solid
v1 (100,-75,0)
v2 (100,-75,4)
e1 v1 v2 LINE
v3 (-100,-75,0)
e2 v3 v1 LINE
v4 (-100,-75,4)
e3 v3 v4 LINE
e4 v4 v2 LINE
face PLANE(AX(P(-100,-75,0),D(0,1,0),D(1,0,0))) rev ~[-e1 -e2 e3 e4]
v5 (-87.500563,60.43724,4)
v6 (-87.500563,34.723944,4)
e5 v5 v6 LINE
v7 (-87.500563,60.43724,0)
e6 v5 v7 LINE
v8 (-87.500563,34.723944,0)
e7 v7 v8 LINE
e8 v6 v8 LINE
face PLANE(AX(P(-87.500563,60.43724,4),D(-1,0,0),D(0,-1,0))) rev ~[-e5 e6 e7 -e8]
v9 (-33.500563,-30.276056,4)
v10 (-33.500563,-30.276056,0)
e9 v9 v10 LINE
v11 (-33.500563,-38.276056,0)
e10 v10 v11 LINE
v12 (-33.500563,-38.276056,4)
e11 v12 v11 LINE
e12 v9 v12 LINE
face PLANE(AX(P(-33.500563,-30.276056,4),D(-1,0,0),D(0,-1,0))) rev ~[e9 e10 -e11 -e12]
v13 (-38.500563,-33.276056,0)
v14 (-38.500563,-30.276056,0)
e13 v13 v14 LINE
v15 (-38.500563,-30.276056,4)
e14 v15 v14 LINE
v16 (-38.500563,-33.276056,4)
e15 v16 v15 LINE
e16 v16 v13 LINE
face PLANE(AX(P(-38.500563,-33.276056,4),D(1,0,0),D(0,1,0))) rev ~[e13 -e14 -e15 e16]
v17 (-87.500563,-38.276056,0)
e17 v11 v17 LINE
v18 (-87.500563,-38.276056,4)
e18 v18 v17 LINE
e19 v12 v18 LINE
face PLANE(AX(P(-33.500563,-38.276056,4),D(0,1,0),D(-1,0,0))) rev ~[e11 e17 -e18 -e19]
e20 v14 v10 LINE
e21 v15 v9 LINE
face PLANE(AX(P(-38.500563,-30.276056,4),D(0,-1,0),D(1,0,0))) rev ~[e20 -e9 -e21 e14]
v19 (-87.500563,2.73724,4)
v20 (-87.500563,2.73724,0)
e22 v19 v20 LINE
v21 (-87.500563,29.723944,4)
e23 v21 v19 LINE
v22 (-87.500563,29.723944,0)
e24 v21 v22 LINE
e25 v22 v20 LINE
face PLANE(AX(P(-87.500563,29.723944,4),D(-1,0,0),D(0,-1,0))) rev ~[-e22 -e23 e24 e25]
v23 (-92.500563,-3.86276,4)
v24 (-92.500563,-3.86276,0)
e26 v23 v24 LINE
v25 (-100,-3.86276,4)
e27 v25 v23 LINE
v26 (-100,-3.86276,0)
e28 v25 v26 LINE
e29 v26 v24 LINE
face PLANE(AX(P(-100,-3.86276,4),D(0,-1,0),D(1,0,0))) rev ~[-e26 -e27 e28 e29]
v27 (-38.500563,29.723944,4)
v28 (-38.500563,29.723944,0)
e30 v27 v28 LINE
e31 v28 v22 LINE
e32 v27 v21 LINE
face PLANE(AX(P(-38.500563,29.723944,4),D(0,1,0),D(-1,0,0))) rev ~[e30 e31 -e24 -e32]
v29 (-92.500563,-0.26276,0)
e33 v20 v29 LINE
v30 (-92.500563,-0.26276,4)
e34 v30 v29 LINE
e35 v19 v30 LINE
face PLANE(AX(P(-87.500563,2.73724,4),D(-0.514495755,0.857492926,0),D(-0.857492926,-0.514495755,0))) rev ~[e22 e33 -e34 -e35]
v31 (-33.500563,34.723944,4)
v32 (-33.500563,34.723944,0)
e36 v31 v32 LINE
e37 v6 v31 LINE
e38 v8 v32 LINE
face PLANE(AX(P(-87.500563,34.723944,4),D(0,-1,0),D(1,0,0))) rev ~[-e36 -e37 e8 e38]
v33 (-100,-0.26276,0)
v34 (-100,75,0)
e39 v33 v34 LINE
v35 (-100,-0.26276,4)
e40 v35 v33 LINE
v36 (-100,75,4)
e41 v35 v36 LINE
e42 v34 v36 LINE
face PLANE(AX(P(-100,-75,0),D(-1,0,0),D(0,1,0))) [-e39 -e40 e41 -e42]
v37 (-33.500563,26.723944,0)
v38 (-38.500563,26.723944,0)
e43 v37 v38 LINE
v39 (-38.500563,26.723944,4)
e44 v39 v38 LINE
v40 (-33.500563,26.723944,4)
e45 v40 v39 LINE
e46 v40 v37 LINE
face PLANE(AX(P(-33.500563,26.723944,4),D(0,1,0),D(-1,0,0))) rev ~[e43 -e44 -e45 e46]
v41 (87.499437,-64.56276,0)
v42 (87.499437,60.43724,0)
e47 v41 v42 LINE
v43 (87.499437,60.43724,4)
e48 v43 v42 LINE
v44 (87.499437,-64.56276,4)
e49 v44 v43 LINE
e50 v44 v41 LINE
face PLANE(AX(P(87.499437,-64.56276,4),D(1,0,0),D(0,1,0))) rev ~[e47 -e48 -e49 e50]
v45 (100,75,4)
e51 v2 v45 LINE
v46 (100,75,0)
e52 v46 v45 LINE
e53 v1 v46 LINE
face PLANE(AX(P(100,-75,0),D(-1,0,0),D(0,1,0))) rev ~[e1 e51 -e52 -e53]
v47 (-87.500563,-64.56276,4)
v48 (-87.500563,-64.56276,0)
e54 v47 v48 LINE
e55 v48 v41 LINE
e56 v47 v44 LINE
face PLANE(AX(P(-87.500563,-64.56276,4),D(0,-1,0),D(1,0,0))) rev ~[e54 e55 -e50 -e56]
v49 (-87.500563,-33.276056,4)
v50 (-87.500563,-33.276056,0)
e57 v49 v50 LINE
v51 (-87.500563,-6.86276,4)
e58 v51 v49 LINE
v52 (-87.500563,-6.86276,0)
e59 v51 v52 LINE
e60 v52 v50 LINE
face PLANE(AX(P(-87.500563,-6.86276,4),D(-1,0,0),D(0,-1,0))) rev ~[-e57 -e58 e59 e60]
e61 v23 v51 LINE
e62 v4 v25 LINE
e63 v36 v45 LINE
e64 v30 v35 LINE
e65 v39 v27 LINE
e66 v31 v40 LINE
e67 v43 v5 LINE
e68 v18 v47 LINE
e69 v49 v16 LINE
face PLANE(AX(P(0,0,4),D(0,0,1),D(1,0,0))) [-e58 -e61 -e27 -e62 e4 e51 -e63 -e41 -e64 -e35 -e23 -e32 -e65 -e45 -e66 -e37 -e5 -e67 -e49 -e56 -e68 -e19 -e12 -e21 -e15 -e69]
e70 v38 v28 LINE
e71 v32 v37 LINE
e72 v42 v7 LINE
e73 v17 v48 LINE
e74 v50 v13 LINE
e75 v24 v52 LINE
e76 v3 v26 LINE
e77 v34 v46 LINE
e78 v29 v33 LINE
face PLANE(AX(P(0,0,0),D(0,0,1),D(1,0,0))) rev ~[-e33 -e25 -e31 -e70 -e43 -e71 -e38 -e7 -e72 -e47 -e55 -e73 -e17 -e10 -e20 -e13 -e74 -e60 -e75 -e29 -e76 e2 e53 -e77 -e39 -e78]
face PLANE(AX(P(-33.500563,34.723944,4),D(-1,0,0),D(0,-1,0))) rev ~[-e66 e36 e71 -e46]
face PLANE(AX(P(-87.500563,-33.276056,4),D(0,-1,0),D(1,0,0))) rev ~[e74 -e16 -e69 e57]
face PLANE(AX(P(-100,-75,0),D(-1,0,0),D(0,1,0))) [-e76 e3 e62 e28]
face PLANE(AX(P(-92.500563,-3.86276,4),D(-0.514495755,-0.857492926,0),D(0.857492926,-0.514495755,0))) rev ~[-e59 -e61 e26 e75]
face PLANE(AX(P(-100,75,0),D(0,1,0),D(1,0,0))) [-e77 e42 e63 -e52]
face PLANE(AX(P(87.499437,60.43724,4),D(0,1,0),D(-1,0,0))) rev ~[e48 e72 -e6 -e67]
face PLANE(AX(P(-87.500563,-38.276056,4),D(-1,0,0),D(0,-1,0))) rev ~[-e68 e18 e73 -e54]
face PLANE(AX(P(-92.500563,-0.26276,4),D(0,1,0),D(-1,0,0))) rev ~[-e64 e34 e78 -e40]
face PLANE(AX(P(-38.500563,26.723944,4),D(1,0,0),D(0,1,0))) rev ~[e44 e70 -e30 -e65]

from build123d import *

# Parameters (mm, degrees)
F0_W     = 200
F0_H     = 150
F1_DEPTH = 4
F2_W     = 10
F2_H     = 12.5
F3_DEPTH = 25


with BuildPart() as f1:
    # F0 (on Top) → F1 (new body)
    with BuildSketch(Plane.XY):
        Rectangle(F0_W, F0_H)
    extrude(amount=F1_DEPTH)

    # F2 (on face) → F3 (cut)
    with BuildSketch(Plane.XY.offset(4)):
        Polygon((87.4994372893, -64.5627596692), (87.4994372893, 60.4372403308), (-87.5005627107, 60.4372403308), (-87.5005627107, 34.7239444211), (-41.0005627107, 34.7239444211), (-33.5005627107, 34.7239444211), (-33.5005627107, 26.7239444211), (-38.5005627107, 26.7239444211), (-38.5005627107, 29.7239444211), (-46.0005627107, 29.7239444211), (-87.5005627107, 29.7239444211), (-87.5005627107, 2.7372403308), (-92.5005627107, -0.2627596692), (-100, -0.2627596692), (-100, -3.8627596692), (-92.5005627107, -3.8627596692), (-87.5005627107, -6.8627596692), (-87.5005627107, -33.2760555789), (-38.5005627107, -33.2760555789), (-38.5005627107, -30.2760555789), (-33.5005627107, -30.2760555789), (-33.5005627107, -38.2760555789), (-41.0005627107, -38.2760555789), (-46.0005627107, -38.2760555789), (-87.5005627107, -38.2760555789), (-87.5005627107, -64.5627596692), (-77.5005627107, -64.5627596692), align=None)
        with BuildLine():
            Line((-77.3623862099, 50.4372403308), (-74.3623862099, 50.4372403308))
            Line((-74.3623862099, 50.4372403308), (60.6376137901, 50.4372403308))
            Line((60.6376137901, 50.4372403308), (74.4994372893, 50.4372403308))
            Line((74.4994372893, 50.4372403308), (77.4994372893, 50.4372403308))
            Line((77.4994372893, 50.4372403308), (77.4994372893, 47.4372403308))
            Line((77.4994372893, 47.4372403308), (77.4994372893, -54.5627596692))
            Line((77.4994372893, -54.5627596692), (60.6376137901, -54.5627596692))
            Line((60.6376137901, -54.5627596692), (-77.5005627107, -54.5627596692))
            Line((-77.5005627107, -54.5627596692), (-77.5005627107, -51.5627596692))
            Line((-77.5005627107, -51.5627596692), (60.6376137901, -51.5627596692))
            Line((60.6376137901, -51.5627596692), (69.4994372893, -51.5627596692))
            ThreePointArc((69.4994372893, -51.5627596692), (73.0349711952, -50.0982935751), (74.4994372893, -46.5627596692))
            Line((74.4994372893, -46.5627596692), (74.4994372893, 42.4372403308))
            ThreePointArc((74.4994372893, 42.4372403308), (73.0349711952, 45.9727742368), (69.4994372893, 47.4372403308))
            Line((69.4994372893, 47.4372403308), (60.6376137901, 47.4372403308))
            Line((60.6376137901, 47.4372403308), (57.6376137901, 47.4372403308))
            Line((57.6376137901, 47.4372403308), (-74.3623862099, 47.4372403308))
            Line((-74.3623862099, 47.4372403308), (-77.3623862099, 47.4372403308))
            Line((-77.3623862099, 47.4372403308), (-77.3623862099, 50.4372403308))
        make_face(mode=Mode.SUBTRACT)
        Polygon((39.9994372893, -27.0627596692), (39.9994372893, -2.0627596692), (39.9994372893, 22.9372403308), (39.9994372893, 35.4372403308), (49.9994372893, 35.4372403308), (49.9994372893, 22.9372403308), (49.9994372893, -27.0627596692), (49.9994372893, -39.5627596692), (39.9994372893, -39.5627596692), align=None, mode=Mode.SUBTRACT)
        with BuildLine():
            Line((60.6376137901, 50.4372403308), (-74.3623862099, 50.4372403308))
            Line((-74.3623862099, 50.4372403308), (-77.3623862099, 50.4372403308))
            Line((-77.3623862099, 50.4372403308), (-77.3623862099, 47.4372403308))
            Line((-77.3623862099, 47.4372403308), (-74.3623862099, 47.4372403308))
            Line((-74.3623862099, 47.4372403308), (57.6376137901, 47.4372403308))
            Line((57.6376137901, 47.4372403308), (60.6376137901, 47.4372403308))
            Line((60.6376137901, 47.4372403308), (69.4994372893, 47.4372403308))
            ThreePointArc((69.4994372893, 47.4372403308), (73.0349711952, 45.9727742368), (74.4994372893, 42.4372403308))
            Line((74.4994372893, 42.4372403308), (74.4994372893, -46.5627596692))
            ThreePointArc((74.4994372893, -46.5627596692), (73.0349711952, -50.0982935751), (69.4994372893, -51.5627596692))
            Line((69.4994372893, -51.5627596692), (60.6376137901, -51.5627596692))
            Line((60.6376137901, -51.5627596692), (-77.5005627107, -51.5627596692))
            Line((-77.5005627107, -51.5627596692), (-77.5005627107, -54.5627596692))
            Line((-77.5005627107, -54.5627596692), (60.6376137901, -54.5627596692))
            Line((60.6376137901, -54.5627596692), (77.4994372893, -54.5627596692))
            Line((77.4994372893, -54.5627596692), (77.4994372893, 47.4372403308))
            Line((77.4994372893, 47.4372403308), (77.4994372893, 50.4372403308))
            Line((77.4994372893, 50.4372403308), (74.4994372893, 50.4372403308))
            Line((74.4994372893, 50.4372403308), (60.6376137901, 50.4372403308))
        make_face()
        with Locations((44.9994372893, 29.1872403308)):
            Rectangle(F2_W, F2_H)
        Polygon((39.9994372893, 22.9372403308), (39.9994372893, -2.0627596692), (39.9994372893, -27.0627596692), (49.9994372893, -27.0627596692), (49.9994372893, 22.9372403308), align=None)
        with Locations((44.9994372893, -33.3127596692)):
            Rectangle(F2_W, F2_H)
    extrude(amount=-F3_DEPTH, mode=Mode.SUBTRACT)


solid = f1.part
